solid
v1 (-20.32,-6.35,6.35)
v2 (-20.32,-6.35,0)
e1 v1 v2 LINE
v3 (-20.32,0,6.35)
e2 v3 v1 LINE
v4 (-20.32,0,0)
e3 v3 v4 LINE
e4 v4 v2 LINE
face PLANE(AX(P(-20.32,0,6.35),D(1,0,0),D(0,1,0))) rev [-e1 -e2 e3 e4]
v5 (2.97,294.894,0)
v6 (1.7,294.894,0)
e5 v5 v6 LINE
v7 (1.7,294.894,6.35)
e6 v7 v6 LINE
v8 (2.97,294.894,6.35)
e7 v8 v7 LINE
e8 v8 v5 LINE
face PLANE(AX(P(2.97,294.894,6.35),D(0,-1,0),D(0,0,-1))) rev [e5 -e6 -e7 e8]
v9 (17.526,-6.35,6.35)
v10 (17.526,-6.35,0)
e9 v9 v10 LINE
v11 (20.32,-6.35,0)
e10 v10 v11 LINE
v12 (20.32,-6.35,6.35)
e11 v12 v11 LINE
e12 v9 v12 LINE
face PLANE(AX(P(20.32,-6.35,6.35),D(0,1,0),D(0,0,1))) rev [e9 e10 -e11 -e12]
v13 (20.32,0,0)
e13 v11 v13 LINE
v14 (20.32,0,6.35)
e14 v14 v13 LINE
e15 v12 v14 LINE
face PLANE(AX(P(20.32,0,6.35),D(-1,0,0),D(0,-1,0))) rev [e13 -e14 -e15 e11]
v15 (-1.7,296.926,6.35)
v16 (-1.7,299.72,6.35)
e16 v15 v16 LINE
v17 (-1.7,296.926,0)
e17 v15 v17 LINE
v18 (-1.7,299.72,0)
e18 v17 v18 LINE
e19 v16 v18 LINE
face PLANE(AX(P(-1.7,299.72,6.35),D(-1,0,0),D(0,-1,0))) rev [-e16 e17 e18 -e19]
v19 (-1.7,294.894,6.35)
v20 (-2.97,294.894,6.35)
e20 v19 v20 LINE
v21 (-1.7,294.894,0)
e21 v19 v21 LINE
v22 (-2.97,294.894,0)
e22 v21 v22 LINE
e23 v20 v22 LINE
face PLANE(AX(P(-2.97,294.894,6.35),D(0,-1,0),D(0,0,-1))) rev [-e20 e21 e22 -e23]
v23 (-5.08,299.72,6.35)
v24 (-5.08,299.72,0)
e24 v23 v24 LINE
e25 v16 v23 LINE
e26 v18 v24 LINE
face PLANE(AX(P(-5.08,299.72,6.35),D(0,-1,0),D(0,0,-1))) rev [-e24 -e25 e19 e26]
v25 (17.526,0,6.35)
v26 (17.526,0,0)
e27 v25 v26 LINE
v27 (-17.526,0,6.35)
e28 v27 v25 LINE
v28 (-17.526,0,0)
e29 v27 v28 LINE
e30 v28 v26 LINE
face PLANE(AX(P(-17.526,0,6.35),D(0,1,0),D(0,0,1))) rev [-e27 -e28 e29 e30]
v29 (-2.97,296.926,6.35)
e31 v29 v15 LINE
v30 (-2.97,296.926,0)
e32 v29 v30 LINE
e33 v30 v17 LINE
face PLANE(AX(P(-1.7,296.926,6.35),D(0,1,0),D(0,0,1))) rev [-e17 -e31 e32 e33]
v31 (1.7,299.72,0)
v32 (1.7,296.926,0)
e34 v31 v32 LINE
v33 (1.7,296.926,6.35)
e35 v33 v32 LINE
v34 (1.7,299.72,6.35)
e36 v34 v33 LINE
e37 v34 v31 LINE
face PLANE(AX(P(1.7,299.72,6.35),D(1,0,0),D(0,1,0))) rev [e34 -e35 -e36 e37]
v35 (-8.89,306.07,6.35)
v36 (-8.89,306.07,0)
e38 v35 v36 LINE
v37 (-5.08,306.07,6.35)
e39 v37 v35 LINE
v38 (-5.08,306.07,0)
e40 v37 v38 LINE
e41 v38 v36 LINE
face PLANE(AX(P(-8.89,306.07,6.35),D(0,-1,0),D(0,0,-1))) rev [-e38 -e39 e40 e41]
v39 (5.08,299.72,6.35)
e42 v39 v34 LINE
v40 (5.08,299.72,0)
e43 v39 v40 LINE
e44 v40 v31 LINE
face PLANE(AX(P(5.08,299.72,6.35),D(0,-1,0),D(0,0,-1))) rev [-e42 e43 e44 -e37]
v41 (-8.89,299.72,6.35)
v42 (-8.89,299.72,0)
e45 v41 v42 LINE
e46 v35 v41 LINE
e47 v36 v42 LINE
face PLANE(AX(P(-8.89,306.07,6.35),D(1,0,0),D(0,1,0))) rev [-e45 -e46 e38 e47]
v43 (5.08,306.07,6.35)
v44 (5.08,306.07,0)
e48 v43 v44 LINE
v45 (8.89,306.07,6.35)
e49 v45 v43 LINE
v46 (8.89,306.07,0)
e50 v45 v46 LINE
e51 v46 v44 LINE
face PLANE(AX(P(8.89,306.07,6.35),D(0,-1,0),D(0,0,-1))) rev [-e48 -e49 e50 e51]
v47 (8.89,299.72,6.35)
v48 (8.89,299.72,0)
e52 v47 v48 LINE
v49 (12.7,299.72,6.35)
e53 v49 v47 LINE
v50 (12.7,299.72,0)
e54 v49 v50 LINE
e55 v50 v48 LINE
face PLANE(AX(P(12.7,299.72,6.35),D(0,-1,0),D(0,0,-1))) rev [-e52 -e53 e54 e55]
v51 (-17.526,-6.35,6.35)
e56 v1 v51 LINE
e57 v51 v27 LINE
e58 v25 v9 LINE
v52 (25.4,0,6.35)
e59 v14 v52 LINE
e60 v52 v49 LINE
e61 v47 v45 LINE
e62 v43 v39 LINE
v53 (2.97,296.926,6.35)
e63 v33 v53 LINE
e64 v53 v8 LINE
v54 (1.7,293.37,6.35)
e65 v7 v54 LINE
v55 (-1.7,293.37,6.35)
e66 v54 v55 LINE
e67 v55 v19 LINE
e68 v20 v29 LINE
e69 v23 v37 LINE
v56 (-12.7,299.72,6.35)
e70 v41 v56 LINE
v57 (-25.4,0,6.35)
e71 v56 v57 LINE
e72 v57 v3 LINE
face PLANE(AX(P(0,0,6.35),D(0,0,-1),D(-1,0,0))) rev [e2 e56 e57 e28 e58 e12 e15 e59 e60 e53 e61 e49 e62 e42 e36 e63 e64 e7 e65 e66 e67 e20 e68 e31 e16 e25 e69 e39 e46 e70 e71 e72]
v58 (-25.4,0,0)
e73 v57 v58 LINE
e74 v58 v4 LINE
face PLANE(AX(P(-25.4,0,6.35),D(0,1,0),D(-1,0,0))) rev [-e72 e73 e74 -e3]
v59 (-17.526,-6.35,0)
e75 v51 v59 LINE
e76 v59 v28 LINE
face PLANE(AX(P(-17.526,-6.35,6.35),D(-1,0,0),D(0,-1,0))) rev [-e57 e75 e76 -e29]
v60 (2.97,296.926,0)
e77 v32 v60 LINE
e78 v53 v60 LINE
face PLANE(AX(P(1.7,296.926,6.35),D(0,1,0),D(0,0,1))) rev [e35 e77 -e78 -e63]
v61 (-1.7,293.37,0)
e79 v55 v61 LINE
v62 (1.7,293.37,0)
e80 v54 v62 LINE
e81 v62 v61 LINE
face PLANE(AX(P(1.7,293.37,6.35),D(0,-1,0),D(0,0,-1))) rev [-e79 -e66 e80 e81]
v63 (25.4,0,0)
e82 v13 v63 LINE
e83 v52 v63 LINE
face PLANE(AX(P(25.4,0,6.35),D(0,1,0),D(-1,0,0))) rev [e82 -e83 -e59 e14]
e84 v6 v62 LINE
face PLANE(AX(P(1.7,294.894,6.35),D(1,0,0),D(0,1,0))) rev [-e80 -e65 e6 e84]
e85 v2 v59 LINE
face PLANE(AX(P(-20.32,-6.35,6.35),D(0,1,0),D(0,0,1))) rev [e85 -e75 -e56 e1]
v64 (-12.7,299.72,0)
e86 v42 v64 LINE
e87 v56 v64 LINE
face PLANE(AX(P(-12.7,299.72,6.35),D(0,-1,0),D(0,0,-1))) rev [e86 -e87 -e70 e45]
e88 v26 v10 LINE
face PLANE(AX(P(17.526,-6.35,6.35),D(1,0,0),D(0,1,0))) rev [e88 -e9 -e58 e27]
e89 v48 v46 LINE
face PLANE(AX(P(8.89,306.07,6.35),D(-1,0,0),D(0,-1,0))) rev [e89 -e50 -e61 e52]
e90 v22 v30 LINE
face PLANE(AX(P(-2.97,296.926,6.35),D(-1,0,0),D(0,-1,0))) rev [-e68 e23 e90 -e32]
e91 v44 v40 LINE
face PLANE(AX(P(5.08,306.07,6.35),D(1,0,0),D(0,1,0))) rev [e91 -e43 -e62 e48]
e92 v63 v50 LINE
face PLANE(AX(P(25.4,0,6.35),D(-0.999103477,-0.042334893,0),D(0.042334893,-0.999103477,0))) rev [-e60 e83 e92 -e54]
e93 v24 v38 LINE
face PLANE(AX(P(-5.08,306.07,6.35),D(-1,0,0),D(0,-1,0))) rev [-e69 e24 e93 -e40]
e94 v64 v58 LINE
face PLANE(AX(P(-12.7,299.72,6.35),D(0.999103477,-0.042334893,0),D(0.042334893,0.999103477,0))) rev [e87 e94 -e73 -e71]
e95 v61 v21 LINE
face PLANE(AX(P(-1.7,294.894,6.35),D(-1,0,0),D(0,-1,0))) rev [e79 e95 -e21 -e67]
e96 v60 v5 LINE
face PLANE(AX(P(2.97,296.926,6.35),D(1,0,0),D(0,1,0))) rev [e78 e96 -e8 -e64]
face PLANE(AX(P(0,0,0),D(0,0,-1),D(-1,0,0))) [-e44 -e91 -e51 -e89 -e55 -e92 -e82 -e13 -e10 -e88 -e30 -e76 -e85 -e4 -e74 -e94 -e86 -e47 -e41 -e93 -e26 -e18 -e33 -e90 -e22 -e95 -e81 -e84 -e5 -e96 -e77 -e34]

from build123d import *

# Parameters (mm, degrees)
BOSS_EXTRUDE1_DEPTH = 6.35


with BuildPart() as part:
    # Sketch1 → Boss-Extrude1 (new body)
    with BuildSketch(Plane.XY):
        Polygon((25.4, 0), (12.7, 299.72), (8.89, 299.72), (8.89, 306.07), (5.08, 306.07), (5.08, 299.72), (1.7, 299.72), (1.7, 296.926), (2.97, 296.926), (2.97, 294.894), (1.7, 294.894), (1.7, 293.37), (-1.7, 293.37), (-1.7, 294.894), (-2.97, 294.894), (-2.97, 296.926), (-1.7, 296.926), (-1.7, 299.72), (-5.08, 299.72), (-5.08, 306.07), (-8.89, 306.07), (-8.89, 299.72), (-12.7, 299.72), (-25.4, 0), (-20.32, 0), (-20.32, -6.35), (-17.526, -6.35), (-17.526, 0), (17.526, 0), (17.526, -6.35), (20.32, -6.35), (20.32, 0), align=None)
    extrude(amount=BOSS_EXTRUDE1_DEPTH)


solid = part.part
